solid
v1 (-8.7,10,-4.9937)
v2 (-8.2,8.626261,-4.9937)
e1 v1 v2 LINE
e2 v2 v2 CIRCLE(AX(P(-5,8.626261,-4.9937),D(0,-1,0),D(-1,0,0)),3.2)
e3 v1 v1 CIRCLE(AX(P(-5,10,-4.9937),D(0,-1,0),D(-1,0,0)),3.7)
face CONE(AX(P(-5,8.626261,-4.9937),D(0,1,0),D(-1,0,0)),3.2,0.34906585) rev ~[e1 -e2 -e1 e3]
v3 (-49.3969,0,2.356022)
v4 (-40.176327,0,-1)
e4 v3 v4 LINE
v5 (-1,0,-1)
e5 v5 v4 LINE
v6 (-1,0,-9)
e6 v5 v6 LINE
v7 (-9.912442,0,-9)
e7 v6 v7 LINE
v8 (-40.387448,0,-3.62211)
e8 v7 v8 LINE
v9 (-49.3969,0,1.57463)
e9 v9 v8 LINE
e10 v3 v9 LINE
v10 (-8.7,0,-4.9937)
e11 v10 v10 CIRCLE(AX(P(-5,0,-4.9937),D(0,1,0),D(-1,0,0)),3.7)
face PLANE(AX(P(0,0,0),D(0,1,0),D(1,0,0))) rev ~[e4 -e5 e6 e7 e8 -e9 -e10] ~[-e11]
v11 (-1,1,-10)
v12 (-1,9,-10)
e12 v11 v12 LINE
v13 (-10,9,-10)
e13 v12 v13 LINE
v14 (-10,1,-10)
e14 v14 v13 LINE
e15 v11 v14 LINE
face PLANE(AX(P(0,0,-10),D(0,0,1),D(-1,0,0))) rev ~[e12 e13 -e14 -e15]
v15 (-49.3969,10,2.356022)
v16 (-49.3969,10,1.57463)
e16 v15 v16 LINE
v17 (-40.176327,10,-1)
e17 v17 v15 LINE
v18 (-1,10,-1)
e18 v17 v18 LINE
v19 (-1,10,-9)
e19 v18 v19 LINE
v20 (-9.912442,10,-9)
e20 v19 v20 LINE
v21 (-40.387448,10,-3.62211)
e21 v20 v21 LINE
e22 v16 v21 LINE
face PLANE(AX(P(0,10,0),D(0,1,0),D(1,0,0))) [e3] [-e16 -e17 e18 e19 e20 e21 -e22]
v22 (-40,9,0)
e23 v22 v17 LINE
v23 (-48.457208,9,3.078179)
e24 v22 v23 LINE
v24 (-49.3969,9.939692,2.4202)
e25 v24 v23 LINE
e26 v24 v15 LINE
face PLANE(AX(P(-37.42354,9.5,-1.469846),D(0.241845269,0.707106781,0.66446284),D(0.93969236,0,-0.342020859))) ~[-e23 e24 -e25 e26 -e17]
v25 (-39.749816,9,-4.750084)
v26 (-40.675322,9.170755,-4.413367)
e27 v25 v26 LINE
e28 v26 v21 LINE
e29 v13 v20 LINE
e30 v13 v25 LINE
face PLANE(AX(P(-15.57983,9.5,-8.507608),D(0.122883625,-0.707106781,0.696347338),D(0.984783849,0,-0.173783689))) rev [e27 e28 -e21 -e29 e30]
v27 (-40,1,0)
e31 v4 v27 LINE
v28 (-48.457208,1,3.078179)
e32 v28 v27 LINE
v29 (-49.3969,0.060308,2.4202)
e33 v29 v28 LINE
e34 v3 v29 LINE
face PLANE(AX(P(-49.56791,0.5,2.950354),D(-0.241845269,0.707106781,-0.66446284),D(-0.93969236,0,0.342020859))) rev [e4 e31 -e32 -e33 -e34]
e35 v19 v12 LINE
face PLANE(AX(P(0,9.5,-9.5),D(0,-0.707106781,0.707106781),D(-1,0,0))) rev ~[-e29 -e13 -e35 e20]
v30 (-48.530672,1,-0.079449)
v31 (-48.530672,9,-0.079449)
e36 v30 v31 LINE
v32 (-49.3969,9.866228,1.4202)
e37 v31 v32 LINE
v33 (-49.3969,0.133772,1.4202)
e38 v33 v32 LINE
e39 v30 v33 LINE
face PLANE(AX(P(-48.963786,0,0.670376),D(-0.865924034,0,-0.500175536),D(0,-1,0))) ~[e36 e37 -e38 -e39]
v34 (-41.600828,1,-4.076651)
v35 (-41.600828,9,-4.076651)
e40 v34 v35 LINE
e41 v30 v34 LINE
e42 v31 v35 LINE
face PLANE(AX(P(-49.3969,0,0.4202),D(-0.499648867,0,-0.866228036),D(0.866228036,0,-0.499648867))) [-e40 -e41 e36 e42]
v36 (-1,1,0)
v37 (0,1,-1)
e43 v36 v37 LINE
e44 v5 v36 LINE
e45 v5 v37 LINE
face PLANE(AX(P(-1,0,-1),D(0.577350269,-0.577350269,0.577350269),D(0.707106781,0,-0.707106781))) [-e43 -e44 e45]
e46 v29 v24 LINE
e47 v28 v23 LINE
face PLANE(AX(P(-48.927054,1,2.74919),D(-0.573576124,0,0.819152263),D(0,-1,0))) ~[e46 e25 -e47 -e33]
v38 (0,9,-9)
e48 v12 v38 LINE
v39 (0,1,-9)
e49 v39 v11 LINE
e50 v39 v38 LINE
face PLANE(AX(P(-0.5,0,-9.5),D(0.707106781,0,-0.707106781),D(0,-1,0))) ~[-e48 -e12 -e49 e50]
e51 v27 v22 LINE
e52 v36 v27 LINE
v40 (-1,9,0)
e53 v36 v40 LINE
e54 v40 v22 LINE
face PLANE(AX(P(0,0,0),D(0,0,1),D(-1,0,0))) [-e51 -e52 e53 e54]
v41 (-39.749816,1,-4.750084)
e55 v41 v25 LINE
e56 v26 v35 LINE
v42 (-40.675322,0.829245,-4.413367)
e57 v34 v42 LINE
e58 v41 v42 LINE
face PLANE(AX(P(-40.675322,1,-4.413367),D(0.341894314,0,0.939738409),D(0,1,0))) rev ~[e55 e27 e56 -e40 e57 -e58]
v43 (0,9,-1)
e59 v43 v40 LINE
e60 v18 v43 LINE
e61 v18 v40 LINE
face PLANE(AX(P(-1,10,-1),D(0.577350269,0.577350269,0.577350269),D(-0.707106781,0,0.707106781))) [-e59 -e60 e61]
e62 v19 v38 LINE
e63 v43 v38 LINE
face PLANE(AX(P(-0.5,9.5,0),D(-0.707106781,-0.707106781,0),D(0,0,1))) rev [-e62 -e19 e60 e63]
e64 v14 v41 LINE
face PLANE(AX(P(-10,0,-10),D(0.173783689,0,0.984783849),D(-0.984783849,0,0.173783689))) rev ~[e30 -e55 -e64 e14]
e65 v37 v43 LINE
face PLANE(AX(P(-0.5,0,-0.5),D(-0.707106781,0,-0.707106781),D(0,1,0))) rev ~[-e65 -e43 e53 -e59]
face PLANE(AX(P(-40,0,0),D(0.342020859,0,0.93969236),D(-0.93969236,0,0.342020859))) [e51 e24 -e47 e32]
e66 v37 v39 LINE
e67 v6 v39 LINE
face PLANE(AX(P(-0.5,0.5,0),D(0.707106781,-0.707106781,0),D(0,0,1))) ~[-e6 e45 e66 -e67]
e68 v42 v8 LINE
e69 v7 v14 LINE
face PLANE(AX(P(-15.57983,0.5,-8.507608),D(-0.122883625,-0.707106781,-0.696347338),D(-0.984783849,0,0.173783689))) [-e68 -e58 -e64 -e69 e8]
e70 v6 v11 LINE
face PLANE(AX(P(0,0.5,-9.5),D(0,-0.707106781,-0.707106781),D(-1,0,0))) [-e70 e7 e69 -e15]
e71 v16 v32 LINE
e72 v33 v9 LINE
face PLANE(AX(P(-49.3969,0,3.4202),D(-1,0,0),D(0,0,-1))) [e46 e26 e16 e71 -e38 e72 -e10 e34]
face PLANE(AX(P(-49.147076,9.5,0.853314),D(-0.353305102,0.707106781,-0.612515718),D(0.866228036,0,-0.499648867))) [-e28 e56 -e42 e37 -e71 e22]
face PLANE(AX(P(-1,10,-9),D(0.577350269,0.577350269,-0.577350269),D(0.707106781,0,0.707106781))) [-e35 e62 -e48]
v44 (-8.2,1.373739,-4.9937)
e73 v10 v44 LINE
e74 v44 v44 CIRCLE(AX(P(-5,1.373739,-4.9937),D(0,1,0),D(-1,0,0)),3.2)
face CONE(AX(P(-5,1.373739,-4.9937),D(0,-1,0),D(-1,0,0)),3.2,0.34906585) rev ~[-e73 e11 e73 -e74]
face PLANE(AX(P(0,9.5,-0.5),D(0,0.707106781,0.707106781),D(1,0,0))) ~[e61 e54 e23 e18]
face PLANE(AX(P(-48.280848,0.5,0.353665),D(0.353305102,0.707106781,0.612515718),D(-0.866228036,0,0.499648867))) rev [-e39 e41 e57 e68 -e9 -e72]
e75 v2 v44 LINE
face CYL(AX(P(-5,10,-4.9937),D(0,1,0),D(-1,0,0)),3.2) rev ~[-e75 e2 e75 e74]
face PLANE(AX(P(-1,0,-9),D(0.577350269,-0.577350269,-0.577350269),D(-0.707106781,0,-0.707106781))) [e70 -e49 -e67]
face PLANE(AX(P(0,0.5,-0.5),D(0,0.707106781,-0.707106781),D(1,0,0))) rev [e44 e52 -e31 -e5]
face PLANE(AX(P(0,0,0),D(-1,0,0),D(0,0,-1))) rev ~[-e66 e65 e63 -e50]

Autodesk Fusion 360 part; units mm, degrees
sketch "Sketch3" plane through (0, 0, 0) normal (0, 1, 0) x (1, 0, 0)
  line L0 (0, 0) -> (-40, 0)
  line L1 (-40, 0) -> (-49.3969, -3.4202)
  line L2 (-40, 0) -> (-30, 0) construction
  line L3 (-49.3969, -3.4202) -> (-49.3969, -0.4202)
  line L4 (-49.3969, -0.4202) -> (-40.7346, 4.5763)
  line L5 (0, 0) -> (0, 10)
  line L6 (0, 10) -> (-10, 10)
  line L7 (-10, 10) -> (-40.7346, 4.5763)
  dimension "d3" = 40
  dimension "d4" = 160
  dimension "d5" = 10
  dimension "d6" = 3
  dimension "d7" = 10
  dimension "d8" = 10
  dimension "d9" = 10
extrude "Extrude1" add sketch "Sketch3" along normal blind 10
sketch "Sketch4" plane through (0, 10, 0) normal (0, 1, 0) x (-1, 0, 0)
  line L0 (0, 0) -> (0, -10)
  line L1 (0, -10) -> (10, -10)
  line L2 (10, -10) -> (40.7346, -4.5763)
  line L3 (40.7346, -4.5763) -> (49.3969, 0.4202)
  line L4 (49.3969, 0.4202) -> (49.3969, 3.4202)
  line L5 (49.3969, 3.4202) -> (40, 0)
  line L6 (40, 0) -> (0, 0)
  line L7 (0, 0) -> (10, 0)
  line L8 (0, -5) -> (5, -4.9937)
  circle A0 centre (5, -4.9937) radius 3.2
  dimension "d12" = 10
  dimension "d26" = 5
  dimension "d27" = 6.4
sketch "Sketch5" plane through (0, 0, 0) normal (0, -1, 0) x (1, 0, 0)
  line L0 (0, -10) -> (0, 0)
  line L1 (0, 0) -> (-40, 0)
  line L2 (-40, 0) -> (-49.3969, 3.4202)
  line L3 (-49.3969, 3.4202) -> (-49.3969, 0.4202)
  line L4 (-49.3969, 0.4202) -> (-40.7346, -4.5763)
  line L5 (-40.7346, -4.5763) -> (-10, -10)
  line L6 (-10, -10) -> (0, -10)
  line L7 (0, 0) -> (-10, 0)
  dimension "d13" = 10
extrude "Extrude2" cut sketch "Sketch4" against normal blind 21 contours A0
chamfer "Chamfer1" distance 1 angle 45 8 edges at (0, 5, -10) (0, 5, 0) (-5, 10, -10) (0, 10, -5) (-20, 10, 0) (-20, 0, 0) (0, 0, -5) (-5, 0, -10)
chamfer "Chamfer2" distance 1 angle 45 1 edges at (-43.3247, 10, 1.2101)
chamfer "Chamfer3" distance 1 angle 45 1 edges at (-45.0658, 10, -2.078)
chamfer "Chamfer4" distance 1 angle 45 1 edges at (-28.2007, 0, -6.7881)
chamfer "Chamfer5" distance 1 angle 45 1 edges at (-26.7588, 10, -7.0426)
chamfer "Chamfer6" distance 1 angle 45 1 edges at (-40.7346, 5, -4.5763)
chamfer "Chamfer7" distance 1 angle 45 1 edges at (-49.3969, 4.5, 0.4202)
chamfer "Chamfer8" distance 1 angle 45 1 edges at (-45.9009, 0, -1.5963)
chamfer "Chamfer9" distance 1 angle 45 1 edges at (-43.3247, 0, 1.2101)
chamfer "Chamfer10" distance 1 angle 45 1 edges at (-49.3969, 5, 3.4202)
chamfer "Chamfer11" distance 0.5 angle 70 2 edges at (-2.0165, 0, -6.1508) (-2.0165, 10, -3.8365) measured on face at (-19.4177, 0, -4.8389) measured on face at (-19.4177, 10, -4.8389)
equation "d14 = ElephantFIT"
equation "ElephantFIT = 1 mm" comment "Chamfer by this amount"
equation "d16 = StyleFIT"
equation "d17 = StyleFIT"
equation "d18 = StyleFIT"
equation "d19 = StyleFIT"
equation "d20 = StyleFIT"
equation "d21 = StyleFIT"
equation "d22 = StyleFIT"
equation "d23 = StyleFIT"
equation "d24 = StyleFIT"
equation "StyleFIT = 1 mm"
equation "d26 = HolePosX"
equation "d27 = HoleSize"
equation "HoleSize = 6.4 mm"
equation "HolePosX = 5 mm"
equation "d32 = HoleFIT"
equation "d33 = HoleAngle"
equation "HoleFIT = 0.5 mm"
equation "HoleAngle = 70 deg"
